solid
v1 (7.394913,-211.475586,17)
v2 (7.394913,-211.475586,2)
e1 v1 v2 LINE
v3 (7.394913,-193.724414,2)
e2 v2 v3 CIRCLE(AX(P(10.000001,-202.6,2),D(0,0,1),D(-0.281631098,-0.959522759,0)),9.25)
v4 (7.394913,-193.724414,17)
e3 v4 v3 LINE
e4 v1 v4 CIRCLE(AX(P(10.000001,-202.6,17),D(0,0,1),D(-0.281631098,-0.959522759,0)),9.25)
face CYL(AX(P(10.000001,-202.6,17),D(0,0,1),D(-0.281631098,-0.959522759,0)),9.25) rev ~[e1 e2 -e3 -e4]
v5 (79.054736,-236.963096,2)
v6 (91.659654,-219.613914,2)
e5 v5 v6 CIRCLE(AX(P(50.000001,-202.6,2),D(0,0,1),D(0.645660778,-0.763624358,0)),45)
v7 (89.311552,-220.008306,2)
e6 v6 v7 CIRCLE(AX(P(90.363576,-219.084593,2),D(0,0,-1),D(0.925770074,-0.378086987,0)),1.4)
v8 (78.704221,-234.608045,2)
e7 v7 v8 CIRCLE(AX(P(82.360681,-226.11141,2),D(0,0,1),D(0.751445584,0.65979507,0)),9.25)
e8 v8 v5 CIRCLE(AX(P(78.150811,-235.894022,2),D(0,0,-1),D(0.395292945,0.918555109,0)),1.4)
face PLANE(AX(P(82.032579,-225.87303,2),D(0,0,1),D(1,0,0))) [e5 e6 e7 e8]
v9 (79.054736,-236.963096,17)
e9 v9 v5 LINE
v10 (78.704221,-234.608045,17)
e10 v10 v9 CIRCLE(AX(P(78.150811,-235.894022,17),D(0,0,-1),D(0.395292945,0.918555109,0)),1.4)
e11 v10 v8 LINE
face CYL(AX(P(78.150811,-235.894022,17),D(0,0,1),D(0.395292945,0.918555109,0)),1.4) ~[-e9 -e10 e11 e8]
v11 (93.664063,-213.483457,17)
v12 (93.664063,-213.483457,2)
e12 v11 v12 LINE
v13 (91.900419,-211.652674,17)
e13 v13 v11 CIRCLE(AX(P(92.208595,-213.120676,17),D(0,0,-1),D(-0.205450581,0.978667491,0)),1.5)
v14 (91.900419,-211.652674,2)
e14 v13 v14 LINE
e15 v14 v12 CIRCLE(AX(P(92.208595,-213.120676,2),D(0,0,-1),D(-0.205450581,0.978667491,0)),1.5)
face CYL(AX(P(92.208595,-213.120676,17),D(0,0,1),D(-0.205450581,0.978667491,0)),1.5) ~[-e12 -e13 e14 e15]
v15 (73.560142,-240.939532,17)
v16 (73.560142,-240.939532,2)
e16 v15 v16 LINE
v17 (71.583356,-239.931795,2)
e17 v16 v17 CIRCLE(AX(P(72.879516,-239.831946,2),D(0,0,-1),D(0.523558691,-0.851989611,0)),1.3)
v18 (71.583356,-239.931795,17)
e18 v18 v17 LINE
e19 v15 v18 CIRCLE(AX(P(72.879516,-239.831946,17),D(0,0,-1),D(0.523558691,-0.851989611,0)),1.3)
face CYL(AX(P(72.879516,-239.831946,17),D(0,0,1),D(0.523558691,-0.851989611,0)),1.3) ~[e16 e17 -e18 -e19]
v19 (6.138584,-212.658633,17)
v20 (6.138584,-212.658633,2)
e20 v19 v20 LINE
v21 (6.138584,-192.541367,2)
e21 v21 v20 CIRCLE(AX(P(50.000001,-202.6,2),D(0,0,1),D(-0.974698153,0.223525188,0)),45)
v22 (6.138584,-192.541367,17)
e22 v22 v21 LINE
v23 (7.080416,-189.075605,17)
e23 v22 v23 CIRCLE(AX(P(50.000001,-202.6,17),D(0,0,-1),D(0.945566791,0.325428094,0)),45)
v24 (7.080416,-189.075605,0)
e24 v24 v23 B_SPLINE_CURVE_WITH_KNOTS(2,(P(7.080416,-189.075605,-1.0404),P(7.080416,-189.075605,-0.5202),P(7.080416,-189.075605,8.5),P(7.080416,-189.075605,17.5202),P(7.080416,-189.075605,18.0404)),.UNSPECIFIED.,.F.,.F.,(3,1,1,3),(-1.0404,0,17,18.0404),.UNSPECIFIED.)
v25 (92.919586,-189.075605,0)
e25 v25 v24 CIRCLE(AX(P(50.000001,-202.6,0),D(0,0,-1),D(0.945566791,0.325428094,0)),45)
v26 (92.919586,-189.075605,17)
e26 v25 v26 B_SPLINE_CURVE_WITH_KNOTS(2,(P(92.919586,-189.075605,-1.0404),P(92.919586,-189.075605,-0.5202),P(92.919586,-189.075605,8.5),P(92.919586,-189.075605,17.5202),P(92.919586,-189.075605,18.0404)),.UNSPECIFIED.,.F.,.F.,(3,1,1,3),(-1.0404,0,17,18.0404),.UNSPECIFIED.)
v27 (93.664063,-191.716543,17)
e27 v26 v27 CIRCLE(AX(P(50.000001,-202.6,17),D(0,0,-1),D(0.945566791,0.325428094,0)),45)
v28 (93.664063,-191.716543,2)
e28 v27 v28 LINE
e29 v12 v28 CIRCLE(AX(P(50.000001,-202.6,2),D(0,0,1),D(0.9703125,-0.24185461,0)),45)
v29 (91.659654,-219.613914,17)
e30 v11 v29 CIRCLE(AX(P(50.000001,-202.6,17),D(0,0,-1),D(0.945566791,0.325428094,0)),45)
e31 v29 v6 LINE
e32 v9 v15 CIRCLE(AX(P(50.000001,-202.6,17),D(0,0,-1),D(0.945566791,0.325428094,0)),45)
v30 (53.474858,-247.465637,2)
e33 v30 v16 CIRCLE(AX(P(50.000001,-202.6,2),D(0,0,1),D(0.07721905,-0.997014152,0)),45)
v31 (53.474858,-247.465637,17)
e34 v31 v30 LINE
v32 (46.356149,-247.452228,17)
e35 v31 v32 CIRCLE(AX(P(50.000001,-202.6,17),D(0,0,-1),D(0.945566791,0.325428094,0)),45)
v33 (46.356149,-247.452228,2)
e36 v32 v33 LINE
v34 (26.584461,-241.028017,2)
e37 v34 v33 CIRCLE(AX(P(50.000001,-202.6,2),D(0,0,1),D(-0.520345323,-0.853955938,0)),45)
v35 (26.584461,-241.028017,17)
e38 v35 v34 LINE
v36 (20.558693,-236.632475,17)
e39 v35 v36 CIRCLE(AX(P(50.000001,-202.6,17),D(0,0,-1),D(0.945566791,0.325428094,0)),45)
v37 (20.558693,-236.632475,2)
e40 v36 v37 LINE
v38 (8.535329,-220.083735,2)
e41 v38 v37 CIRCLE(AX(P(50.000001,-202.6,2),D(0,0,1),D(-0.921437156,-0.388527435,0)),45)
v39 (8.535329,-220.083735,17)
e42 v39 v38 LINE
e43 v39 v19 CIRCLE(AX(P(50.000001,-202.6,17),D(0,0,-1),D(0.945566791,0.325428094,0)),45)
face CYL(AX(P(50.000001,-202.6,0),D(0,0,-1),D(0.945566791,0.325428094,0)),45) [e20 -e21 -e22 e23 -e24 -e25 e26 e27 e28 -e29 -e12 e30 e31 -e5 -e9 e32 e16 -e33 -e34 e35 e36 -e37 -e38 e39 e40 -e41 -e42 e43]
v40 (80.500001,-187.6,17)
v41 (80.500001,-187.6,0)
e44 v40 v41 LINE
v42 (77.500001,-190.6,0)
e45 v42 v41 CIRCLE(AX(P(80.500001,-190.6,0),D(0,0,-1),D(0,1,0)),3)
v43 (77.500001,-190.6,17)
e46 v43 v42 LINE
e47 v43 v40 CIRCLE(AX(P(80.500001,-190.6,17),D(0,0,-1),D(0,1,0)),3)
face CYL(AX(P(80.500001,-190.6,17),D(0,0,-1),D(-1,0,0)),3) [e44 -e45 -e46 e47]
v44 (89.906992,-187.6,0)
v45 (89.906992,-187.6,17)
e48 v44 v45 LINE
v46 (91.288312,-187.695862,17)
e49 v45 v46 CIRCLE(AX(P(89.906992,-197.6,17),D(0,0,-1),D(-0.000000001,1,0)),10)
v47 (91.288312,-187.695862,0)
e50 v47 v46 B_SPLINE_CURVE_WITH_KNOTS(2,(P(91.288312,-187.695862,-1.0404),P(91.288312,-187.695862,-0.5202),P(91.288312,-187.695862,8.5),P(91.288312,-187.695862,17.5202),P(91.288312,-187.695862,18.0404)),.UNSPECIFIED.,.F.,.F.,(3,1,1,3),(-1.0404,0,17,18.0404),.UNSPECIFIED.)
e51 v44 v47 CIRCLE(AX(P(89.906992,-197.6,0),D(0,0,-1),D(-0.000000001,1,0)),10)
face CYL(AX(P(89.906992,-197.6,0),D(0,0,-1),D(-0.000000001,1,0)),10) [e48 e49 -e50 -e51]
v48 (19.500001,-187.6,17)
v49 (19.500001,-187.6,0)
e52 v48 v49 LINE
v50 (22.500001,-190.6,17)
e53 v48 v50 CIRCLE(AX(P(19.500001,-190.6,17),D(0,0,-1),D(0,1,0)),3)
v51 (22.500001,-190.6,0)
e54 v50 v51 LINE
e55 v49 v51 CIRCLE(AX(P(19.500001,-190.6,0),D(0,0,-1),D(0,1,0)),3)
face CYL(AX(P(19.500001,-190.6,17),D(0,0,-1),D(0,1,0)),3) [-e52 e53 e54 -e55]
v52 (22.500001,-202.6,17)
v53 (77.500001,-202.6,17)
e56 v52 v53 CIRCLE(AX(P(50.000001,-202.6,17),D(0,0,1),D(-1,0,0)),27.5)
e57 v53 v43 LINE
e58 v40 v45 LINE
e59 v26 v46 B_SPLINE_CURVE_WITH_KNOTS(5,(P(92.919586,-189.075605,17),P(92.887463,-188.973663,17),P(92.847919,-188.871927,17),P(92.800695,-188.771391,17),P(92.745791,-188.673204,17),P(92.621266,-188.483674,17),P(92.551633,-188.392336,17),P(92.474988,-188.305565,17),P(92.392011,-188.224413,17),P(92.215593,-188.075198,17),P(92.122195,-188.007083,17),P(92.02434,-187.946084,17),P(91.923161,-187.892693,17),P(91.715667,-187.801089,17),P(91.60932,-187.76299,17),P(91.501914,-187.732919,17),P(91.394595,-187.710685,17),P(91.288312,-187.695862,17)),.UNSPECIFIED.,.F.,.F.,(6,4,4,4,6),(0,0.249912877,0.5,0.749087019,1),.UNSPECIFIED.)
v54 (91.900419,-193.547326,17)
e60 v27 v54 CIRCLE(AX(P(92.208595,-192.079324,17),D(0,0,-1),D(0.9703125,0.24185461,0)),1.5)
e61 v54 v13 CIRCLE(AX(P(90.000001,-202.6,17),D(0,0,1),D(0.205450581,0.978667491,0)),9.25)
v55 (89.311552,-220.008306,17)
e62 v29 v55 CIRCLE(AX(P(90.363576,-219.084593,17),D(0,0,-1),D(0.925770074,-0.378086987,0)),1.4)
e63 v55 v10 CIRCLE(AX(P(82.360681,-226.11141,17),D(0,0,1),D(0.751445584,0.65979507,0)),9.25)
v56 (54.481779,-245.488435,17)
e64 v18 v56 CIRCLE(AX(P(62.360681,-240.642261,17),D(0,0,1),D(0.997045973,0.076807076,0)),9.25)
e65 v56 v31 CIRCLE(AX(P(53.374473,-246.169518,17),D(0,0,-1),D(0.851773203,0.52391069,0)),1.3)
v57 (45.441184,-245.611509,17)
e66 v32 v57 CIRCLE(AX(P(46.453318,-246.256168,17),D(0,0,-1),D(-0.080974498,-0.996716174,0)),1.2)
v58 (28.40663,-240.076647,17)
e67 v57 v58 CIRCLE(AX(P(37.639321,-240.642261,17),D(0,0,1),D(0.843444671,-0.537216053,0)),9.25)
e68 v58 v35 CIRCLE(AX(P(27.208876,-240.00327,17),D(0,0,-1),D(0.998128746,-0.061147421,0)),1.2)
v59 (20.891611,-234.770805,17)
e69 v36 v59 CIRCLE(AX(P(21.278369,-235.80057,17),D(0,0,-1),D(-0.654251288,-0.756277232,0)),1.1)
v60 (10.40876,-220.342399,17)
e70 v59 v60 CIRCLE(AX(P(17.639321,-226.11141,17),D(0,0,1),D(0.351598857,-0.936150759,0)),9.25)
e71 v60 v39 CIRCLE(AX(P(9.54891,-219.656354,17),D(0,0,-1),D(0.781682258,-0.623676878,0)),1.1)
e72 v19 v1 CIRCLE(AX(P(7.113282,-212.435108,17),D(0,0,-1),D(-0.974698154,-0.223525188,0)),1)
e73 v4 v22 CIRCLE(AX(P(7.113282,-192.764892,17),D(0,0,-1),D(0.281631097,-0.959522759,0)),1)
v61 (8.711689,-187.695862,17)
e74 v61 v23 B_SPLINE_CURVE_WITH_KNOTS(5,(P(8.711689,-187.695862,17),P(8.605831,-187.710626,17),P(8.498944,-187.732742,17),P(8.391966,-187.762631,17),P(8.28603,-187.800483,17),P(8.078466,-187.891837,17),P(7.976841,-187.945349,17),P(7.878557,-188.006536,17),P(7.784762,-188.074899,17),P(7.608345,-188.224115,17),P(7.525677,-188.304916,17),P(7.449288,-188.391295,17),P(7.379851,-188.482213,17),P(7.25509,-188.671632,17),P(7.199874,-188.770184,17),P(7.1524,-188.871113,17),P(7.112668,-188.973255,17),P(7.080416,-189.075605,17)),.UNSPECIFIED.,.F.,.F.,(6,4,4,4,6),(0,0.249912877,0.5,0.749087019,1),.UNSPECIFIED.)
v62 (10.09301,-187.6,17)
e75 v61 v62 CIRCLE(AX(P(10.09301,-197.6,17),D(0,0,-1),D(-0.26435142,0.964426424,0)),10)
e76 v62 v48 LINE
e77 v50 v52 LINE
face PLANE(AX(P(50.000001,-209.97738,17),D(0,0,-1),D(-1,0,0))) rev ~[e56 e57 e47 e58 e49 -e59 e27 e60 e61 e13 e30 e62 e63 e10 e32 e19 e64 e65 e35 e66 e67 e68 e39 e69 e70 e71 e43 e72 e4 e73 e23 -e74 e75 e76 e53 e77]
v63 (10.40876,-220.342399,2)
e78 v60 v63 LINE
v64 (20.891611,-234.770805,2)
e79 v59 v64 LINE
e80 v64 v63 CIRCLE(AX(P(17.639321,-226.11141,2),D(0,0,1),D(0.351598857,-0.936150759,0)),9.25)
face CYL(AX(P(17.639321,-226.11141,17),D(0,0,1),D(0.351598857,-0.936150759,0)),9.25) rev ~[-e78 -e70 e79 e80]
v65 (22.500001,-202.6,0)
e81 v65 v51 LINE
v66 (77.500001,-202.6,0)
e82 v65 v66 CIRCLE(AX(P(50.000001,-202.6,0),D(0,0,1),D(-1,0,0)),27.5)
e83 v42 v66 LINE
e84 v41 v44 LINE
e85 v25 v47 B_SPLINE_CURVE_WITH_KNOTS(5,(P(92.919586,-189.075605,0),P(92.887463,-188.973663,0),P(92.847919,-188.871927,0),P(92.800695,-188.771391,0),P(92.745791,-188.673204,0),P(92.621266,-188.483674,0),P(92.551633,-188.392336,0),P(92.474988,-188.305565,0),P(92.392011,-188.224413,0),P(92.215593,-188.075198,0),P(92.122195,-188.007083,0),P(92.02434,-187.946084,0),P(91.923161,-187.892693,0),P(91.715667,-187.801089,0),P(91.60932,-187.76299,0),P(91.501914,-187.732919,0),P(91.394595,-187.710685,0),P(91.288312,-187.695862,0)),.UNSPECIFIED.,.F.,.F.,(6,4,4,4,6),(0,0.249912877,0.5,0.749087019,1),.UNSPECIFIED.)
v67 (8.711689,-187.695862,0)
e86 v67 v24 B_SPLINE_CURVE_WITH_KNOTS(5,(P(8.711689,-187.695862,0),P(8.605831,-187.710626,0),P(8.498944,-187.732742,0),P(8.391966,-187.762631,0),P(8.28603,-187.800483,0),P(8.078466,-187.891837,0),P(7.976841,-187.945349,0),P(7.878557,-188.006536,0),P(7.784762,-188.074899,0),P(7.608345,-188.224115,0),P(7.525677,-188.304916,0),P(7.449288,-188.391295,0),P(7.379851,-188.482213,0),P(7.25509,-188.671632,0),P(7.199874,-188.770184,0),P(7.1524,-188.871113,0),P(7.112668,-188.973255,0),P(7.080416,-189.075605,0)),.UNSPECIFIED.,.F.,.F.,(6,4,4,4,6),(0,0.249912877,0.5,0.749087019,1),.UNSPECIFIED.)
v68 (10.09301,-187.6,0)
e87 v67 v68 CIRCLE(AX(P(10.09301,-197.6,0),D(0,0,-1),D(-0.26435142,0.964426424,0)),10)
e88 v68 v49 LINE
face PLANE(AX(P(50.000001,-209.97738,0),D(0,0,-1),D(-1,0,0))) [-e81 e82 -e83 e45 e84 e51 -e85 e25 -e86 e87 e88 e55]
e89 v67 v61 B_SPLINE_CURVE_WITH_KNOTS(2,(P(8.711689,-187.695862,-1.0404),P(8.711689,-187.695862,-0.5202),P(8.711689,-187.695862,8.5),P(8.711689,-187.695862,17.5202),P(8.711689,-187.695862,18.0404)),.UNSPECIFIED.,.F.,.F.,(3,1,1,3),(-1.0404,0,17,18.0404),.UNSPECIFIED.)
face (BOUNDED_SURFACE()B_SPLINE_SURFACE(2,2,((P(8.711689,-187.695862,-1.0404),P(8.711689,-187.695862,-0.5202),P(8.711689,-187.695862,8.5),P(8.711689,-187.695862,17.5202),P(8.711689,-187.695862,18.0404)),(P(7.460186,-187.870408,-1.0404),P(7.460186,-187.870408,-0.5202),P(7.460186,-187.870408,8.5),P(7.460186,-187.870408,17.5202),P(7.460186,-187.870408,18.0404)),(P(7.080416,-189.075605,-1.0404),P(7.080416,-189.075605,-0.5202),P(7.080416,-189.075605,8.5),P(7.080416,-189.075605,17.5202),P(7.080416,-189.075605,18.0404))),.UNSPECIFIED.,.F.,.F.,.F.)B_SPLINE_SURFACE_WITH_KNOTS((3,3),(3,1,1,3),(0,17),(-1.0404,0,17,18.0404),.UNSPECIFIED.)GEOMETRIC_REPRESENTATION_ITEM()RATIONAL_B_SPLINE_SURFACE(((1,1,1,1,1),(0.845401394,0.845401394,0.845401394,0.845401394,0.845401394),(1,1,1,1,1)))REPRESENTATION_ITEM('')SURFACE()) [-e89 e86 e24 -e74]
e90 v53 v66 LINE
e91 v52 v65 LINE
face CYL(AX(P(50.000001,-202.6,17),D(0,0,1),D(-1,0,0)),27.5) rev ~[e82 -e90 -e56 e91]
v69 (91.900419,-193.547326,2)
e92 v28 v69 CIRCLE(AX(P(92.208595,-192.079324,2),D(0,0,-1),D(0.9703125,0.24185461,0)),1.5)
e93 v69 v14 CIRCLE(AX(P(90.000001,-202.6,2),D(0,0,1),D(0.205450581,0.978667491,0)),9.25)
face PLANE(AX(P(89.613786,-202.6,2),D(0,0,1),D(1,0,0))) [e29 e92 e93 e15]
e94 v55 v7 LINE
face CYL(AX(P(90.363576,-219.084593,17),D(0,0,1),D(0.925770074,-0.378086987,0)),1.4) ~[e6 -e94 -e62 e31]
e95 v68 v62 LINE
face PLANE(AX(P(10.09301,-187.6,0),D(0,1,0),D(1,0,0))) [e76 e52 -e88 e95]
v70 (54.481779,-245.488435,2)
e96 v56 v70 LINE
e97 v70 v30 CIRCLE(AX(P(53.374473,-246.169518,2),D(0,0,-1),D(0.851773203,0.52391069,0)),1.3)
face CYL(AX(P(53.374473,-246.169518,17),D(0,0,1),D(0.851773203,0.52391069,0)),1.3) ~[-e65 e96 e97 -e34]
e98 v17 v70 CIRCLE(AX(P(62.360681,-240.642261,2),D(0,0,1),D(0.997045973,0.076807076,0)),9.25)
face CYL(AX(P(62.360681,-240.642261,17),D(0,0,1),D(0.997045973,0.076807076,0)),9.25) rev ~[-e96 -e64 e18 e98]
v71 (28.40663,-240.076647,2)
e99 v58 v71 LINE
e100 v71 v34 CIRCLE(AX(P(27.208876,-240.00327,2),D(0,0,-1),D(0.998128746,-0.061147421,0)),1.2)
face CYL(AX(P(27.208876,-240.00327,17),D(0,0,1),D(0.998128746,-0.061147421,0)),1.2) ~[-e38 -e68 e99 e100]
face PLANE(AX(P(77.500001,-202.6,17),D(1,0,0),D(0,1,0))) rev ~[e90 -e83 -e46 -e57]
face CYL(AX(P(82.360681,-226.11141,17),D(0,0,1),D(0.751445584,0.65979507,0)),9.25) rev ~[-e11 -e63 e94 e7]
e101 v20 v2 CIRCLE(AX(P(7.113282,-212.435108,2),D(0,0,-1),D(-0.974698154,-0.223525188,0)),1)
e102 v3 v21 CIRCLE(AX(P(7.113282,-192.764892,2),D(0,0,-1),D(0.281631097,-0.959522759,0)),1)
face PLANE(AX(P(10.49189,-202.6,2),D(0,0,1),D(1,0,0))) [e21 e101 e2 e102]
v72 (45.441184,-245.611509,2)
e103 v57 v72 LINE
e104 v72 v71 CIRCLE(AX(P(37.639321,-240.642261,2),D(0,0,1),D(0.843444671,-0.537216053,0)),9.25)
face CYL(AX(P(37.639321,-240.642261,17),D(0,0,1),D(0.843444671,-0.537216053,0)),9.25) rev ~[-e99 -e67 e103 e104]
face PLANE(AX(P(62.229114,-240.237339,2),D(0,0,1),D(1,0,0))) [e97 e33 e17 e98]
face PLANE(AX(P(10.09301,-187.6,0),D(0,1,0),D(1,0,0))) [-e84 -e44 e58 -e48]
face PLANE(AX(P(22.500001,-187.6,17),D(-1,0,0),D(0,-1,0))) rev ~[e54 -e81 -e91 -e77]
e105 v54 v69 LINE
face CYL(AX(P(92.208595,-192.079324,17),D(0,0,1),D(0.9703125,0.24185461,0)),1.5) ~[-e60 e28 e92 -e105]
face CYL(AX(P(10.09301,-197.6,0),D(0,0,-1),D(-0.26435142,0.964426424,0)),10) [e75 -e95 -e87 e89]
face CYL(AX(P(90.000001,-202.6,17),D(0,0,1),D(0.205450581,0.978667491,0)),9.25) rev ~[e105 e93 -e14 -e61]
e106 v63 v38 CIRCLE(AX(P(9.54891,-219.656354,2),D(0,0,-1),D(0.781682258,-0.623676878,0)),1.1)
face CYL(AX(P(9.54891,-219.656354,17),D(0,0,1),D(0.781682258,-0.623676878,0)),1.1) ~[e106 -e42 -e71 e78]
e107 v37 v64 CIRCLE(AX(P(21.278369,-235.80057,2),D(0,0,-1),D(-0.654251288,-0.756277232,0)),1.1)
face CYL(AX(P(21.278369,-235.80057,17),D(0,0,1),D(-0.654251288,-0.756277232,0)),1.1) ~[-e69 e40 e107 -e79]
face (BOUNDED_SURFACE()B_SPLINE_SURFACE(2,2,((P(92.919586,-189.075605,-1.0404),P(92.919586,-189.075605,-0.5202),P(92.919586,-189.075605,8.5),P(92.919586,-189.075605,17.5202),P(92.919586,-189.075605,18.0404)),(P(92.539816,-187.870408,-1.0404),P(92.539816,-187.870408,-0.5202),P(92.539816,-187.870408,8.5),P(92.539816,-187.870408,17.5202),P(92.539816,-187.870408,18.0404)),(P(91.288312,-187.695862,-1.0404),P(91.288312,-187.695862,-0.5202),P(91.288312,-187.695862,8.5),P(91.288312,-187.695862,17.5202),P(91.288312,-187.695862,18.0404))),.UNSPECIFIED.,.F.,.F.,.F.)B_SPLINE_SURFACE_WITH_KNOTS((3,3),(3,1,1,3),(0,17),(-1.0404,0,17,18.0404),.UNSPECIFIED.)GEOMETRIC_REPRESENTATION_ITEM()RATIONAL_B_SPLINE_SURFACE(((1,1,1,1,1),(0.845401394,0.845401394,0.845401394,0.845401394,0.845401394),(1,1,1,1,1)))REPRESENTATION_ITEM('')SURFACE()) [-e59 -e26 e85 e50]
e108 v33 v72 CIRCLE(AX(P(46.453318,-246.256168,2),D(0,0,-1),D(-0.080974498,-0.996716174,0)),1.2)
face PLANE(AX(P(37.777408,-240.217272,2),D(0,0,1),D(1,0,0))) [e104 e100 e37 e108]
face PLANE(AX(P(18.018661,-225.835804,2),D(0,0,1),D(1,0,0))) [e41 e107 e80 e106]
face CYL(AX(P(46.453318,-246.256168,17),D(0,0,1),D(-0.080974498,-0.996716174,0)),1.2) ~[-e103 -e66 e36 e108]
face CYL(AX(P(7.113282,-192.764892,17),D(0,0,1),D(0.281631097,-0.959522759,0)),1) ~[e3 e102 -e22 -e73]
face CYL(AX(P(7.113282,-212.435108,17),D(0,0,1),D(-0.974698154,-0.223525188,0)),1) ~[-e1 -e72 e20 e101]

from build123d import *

# Parameters (mm, degrees)
EXTRUDE_1_DEPTH     = 17
CUT_EXTRUDE_1_DEPTH = 15
CUT_EXTRUDE_2_DEPTH = 15
CUT_EXTRUDE_3_DEPTH = 15
CUT_EXTRUDE_4_DEPTH = 15
CUT_EXTRUDE_5_DEPTH = 15
CUT_EXTRUDE_6_DEPTH = 15
CUT_EXTRUDE_7_DEPTH = 18
FILLET_1_R          = 2
FILLET_2_R          = 3


with BuildPart() as part:
    # 草图1 → 凸台-拉伸1 (new body)
    with BuildSketch(Plane(origin=(0, 0, 0), x_dir=(-1, 0, 0), z_dir=(0, 0, -1))):
        with BuildLine():
            Line((-10.093009514, -187.6), (-89.906992274, -187.6))
            ThreePointArc((-89.906992274, -187.6), (-91.240663452, -187.689332959), (-92.550506472, -187.955735762))
            ThreePointArc((-92.550506472, -187.955735762), (-50.000000894, -247.6), (-7.449495316, -187.955735762))
            ThreePointArc((-7.449495316, -187.955735762), (-8.759338336, -187.689332959), (-10.093009514, -187.6))
        make_face()
    extrude(amount=-EXTRUDE_1_DEPTH)

    # 草图2 → 切除-拉伸1 (cut)
    with BuildSketch(Plane.XY.offset(17)):
        with BuildLine():
            ThreePointArc((6.138583991, -212.658633467), (6.427726824, -211.707087742), (7.394913242, -211.47558552))
            ThreePointArc((7.394913242, -211.47558552), (19.250000894, -202.6), (7.394913242, -193.72441448))
            ThreePointArc((7.394913242, -193.72441448), (6.427726824, -193.492912258), (6.138583991, -192.541366533))
            ThreePointArc((6.138583991, -192.541366533), (5.000000894, -202.6), (6.138583991, -212.658633467))
        make_face()
    extrude(amount=-CUT_EXTRUDE_1_DEPTH, mode=Mode.SUBTRACT)

    # 草图3 → 切除-拉伸2 (cut)
    with BuildSketch(Plane.XY.offset(17)):
        with BuildLine():
            ThreePointArc((20.558692873, -236.632475402), (20.195546949, -235.606932185), (20.891610548, -234.770804613))
            ThreePointArc((20.891610548, -234.770804613), (25.122728317, -220.674396508), (10.408760237, -220.342398969))
            ThreePointArc((10.408760237, -220.342398969), (9.398460179, -220.746017161), (8.535328882, -220.083734582))
            ThreePointArc((8.535328882, -220.083734582), (13.594236147, -229.050336353), (20.558692873, -236.632475402))
        make_face()
    extrude(amount=-CUT_EXTRUDE_2_DEPTH, mode=Mode.SUBTRACT)

    # 草图4 → 切除-拉伸3 (cut)
    with BuildSketch(Plane.XY.offset(17)):
        with BuildLine():
            ThreePointArc((46.35614853, -247.452227815), (45.378748434, -246.7903036), (45.441184322, -245.611509143))
            ThreePointArc((45.441184322, -245.611509143), (40.497728317, -231.844987876), (28.406630222, -240.076646999))
            ThreePointArc((28.406630222, -240.076646999), (27.764263919, -241.067010643), (26.584461339, -241.028017219))
            ThreePointArc((26.584461339, -241.028017219), (36.094236147, -245.397543233), (46.35614853, -247.452227815))
        make_face()
    extrude(amount=-CUT_EXTRUDE_3_DEPTH, mode=Mode.SUBTRACT)

    # 草图5 → 切除-拉伸4 (cut)
    with BuildSketch(Plane.XY.offset(17)):
        with BuildLine():
            ThreePointArc((73.560141987, -240.939532492), (72.289088744, -240.990132521), (71.583355923, -239.931795197))
            ThreePointArc((71.583355923, -239.931795197), (59.502273471, -231.844987876), (54.481778538, -245.488434526))
            ThreePointArc((54.481778538, -245.488434526), (54.532903764, -246.759466752), (53.474858139, -247.465636818))
            ThreePointArc((53.474858139, -247.465636818), (63.905765641, -245.397543233), (73.560141987, -240.939532492))
        make_face()
    extrude(amount=-CUT_EXTRUDE_4_DEPTH, mode=Mode.SUBTRACT)

    # 草图6 → 切除-拉伸5 (cut)
    with BuildSketch(Plane.XY.offset(17)):
        with BuildLine():
            ThreePointArc((91.659654246, -219.613914382), (90.59547429, -220.46525304), (89.311552324, -220.008305698))
            ThreePointArc((89.311552324, -220.008305698), (74.877273471, -220.674396508), (78.704220933, -234.608044849))
            ThreePointArc((78.704220933, -234.608044849), (79.535557387, -235.687922708), (79.0547359, -236.963096102))
            ThreePointArc((79.0547359, -236.963096102), (86.405765641, -229.050336353), (91.659654246, -219.613914382))
        make_face()
    extrude(amount=-CUT_EXTRUDE_5_DEPTH, mode=Mode.SUBTRACT)

    # 草图7 → 切除-拉伸6 (cut)
    with BuildSketch(Plane.XY.offset(17)):
        with BuildLine():
            ThreePointArc((93.664063394, -191.716542553), (93.288877928, -193.119991574), (91.900418772, -193.547325705))
            ThreePointArc((91.900418772, -193.547325705), (80.750000894, -202.6), (91.900418772, -211.652674295))
            ThreePointArc((91.900418772, -211.652674295), (93.288877928, -212.080008426), (93.664063394, -213.483457447))
            ThreePointArc((93.664063394, -213.483457447), (95.000000894, -202.6), (93.664063394, -191.716542553))
        make_face()
    extrude(amount=-CUT_EXTRUDE_6_DEPTH, mode=Mode.SUBTRACT)

    # 草图8 → 切除-拉伸7 (cut, through all)
    with BuildSketch(Plane.XY.offset(17)):
        with BuildLine():
            Line((77.500000894, -187.6), (22.500000894, -187.6))
            Line((22.500000894, -187.6), (22.500000894, -202.6))
            ThreePointArc((22.500000894, -202.6), (50.000000894, -230.1), (77.500000894, -202.6))
            Line((77.500000894, -202.6), (77.500000894, -187.6))
        make_face()
    extrude(amount=-CUT_EXTRUDE_7_DEPTH, mode=Mode.SUBTRACT)

    # 圆角1
    fillet_1_edges = [part.edges().sort_by_distance(p)[0] for p in [
        (92.550506472, -187.955735762, 8.5),
        (7.449495316, -187.955735762, 8.5),
    ]]
    fillet(fillet_1_edges, radius=FILLET_1_R)

    # 圆角2
    fillet_2_edges = [part.edges().sort_by_distance(p)[0] for p in [
        (77.500000894, -187.6, 8.5),
        (22.500000894, -187.6, 8.5),
    ]]
    fillet(fillet_2_edges, radius=FILLET_2_R)


solid = part.part
